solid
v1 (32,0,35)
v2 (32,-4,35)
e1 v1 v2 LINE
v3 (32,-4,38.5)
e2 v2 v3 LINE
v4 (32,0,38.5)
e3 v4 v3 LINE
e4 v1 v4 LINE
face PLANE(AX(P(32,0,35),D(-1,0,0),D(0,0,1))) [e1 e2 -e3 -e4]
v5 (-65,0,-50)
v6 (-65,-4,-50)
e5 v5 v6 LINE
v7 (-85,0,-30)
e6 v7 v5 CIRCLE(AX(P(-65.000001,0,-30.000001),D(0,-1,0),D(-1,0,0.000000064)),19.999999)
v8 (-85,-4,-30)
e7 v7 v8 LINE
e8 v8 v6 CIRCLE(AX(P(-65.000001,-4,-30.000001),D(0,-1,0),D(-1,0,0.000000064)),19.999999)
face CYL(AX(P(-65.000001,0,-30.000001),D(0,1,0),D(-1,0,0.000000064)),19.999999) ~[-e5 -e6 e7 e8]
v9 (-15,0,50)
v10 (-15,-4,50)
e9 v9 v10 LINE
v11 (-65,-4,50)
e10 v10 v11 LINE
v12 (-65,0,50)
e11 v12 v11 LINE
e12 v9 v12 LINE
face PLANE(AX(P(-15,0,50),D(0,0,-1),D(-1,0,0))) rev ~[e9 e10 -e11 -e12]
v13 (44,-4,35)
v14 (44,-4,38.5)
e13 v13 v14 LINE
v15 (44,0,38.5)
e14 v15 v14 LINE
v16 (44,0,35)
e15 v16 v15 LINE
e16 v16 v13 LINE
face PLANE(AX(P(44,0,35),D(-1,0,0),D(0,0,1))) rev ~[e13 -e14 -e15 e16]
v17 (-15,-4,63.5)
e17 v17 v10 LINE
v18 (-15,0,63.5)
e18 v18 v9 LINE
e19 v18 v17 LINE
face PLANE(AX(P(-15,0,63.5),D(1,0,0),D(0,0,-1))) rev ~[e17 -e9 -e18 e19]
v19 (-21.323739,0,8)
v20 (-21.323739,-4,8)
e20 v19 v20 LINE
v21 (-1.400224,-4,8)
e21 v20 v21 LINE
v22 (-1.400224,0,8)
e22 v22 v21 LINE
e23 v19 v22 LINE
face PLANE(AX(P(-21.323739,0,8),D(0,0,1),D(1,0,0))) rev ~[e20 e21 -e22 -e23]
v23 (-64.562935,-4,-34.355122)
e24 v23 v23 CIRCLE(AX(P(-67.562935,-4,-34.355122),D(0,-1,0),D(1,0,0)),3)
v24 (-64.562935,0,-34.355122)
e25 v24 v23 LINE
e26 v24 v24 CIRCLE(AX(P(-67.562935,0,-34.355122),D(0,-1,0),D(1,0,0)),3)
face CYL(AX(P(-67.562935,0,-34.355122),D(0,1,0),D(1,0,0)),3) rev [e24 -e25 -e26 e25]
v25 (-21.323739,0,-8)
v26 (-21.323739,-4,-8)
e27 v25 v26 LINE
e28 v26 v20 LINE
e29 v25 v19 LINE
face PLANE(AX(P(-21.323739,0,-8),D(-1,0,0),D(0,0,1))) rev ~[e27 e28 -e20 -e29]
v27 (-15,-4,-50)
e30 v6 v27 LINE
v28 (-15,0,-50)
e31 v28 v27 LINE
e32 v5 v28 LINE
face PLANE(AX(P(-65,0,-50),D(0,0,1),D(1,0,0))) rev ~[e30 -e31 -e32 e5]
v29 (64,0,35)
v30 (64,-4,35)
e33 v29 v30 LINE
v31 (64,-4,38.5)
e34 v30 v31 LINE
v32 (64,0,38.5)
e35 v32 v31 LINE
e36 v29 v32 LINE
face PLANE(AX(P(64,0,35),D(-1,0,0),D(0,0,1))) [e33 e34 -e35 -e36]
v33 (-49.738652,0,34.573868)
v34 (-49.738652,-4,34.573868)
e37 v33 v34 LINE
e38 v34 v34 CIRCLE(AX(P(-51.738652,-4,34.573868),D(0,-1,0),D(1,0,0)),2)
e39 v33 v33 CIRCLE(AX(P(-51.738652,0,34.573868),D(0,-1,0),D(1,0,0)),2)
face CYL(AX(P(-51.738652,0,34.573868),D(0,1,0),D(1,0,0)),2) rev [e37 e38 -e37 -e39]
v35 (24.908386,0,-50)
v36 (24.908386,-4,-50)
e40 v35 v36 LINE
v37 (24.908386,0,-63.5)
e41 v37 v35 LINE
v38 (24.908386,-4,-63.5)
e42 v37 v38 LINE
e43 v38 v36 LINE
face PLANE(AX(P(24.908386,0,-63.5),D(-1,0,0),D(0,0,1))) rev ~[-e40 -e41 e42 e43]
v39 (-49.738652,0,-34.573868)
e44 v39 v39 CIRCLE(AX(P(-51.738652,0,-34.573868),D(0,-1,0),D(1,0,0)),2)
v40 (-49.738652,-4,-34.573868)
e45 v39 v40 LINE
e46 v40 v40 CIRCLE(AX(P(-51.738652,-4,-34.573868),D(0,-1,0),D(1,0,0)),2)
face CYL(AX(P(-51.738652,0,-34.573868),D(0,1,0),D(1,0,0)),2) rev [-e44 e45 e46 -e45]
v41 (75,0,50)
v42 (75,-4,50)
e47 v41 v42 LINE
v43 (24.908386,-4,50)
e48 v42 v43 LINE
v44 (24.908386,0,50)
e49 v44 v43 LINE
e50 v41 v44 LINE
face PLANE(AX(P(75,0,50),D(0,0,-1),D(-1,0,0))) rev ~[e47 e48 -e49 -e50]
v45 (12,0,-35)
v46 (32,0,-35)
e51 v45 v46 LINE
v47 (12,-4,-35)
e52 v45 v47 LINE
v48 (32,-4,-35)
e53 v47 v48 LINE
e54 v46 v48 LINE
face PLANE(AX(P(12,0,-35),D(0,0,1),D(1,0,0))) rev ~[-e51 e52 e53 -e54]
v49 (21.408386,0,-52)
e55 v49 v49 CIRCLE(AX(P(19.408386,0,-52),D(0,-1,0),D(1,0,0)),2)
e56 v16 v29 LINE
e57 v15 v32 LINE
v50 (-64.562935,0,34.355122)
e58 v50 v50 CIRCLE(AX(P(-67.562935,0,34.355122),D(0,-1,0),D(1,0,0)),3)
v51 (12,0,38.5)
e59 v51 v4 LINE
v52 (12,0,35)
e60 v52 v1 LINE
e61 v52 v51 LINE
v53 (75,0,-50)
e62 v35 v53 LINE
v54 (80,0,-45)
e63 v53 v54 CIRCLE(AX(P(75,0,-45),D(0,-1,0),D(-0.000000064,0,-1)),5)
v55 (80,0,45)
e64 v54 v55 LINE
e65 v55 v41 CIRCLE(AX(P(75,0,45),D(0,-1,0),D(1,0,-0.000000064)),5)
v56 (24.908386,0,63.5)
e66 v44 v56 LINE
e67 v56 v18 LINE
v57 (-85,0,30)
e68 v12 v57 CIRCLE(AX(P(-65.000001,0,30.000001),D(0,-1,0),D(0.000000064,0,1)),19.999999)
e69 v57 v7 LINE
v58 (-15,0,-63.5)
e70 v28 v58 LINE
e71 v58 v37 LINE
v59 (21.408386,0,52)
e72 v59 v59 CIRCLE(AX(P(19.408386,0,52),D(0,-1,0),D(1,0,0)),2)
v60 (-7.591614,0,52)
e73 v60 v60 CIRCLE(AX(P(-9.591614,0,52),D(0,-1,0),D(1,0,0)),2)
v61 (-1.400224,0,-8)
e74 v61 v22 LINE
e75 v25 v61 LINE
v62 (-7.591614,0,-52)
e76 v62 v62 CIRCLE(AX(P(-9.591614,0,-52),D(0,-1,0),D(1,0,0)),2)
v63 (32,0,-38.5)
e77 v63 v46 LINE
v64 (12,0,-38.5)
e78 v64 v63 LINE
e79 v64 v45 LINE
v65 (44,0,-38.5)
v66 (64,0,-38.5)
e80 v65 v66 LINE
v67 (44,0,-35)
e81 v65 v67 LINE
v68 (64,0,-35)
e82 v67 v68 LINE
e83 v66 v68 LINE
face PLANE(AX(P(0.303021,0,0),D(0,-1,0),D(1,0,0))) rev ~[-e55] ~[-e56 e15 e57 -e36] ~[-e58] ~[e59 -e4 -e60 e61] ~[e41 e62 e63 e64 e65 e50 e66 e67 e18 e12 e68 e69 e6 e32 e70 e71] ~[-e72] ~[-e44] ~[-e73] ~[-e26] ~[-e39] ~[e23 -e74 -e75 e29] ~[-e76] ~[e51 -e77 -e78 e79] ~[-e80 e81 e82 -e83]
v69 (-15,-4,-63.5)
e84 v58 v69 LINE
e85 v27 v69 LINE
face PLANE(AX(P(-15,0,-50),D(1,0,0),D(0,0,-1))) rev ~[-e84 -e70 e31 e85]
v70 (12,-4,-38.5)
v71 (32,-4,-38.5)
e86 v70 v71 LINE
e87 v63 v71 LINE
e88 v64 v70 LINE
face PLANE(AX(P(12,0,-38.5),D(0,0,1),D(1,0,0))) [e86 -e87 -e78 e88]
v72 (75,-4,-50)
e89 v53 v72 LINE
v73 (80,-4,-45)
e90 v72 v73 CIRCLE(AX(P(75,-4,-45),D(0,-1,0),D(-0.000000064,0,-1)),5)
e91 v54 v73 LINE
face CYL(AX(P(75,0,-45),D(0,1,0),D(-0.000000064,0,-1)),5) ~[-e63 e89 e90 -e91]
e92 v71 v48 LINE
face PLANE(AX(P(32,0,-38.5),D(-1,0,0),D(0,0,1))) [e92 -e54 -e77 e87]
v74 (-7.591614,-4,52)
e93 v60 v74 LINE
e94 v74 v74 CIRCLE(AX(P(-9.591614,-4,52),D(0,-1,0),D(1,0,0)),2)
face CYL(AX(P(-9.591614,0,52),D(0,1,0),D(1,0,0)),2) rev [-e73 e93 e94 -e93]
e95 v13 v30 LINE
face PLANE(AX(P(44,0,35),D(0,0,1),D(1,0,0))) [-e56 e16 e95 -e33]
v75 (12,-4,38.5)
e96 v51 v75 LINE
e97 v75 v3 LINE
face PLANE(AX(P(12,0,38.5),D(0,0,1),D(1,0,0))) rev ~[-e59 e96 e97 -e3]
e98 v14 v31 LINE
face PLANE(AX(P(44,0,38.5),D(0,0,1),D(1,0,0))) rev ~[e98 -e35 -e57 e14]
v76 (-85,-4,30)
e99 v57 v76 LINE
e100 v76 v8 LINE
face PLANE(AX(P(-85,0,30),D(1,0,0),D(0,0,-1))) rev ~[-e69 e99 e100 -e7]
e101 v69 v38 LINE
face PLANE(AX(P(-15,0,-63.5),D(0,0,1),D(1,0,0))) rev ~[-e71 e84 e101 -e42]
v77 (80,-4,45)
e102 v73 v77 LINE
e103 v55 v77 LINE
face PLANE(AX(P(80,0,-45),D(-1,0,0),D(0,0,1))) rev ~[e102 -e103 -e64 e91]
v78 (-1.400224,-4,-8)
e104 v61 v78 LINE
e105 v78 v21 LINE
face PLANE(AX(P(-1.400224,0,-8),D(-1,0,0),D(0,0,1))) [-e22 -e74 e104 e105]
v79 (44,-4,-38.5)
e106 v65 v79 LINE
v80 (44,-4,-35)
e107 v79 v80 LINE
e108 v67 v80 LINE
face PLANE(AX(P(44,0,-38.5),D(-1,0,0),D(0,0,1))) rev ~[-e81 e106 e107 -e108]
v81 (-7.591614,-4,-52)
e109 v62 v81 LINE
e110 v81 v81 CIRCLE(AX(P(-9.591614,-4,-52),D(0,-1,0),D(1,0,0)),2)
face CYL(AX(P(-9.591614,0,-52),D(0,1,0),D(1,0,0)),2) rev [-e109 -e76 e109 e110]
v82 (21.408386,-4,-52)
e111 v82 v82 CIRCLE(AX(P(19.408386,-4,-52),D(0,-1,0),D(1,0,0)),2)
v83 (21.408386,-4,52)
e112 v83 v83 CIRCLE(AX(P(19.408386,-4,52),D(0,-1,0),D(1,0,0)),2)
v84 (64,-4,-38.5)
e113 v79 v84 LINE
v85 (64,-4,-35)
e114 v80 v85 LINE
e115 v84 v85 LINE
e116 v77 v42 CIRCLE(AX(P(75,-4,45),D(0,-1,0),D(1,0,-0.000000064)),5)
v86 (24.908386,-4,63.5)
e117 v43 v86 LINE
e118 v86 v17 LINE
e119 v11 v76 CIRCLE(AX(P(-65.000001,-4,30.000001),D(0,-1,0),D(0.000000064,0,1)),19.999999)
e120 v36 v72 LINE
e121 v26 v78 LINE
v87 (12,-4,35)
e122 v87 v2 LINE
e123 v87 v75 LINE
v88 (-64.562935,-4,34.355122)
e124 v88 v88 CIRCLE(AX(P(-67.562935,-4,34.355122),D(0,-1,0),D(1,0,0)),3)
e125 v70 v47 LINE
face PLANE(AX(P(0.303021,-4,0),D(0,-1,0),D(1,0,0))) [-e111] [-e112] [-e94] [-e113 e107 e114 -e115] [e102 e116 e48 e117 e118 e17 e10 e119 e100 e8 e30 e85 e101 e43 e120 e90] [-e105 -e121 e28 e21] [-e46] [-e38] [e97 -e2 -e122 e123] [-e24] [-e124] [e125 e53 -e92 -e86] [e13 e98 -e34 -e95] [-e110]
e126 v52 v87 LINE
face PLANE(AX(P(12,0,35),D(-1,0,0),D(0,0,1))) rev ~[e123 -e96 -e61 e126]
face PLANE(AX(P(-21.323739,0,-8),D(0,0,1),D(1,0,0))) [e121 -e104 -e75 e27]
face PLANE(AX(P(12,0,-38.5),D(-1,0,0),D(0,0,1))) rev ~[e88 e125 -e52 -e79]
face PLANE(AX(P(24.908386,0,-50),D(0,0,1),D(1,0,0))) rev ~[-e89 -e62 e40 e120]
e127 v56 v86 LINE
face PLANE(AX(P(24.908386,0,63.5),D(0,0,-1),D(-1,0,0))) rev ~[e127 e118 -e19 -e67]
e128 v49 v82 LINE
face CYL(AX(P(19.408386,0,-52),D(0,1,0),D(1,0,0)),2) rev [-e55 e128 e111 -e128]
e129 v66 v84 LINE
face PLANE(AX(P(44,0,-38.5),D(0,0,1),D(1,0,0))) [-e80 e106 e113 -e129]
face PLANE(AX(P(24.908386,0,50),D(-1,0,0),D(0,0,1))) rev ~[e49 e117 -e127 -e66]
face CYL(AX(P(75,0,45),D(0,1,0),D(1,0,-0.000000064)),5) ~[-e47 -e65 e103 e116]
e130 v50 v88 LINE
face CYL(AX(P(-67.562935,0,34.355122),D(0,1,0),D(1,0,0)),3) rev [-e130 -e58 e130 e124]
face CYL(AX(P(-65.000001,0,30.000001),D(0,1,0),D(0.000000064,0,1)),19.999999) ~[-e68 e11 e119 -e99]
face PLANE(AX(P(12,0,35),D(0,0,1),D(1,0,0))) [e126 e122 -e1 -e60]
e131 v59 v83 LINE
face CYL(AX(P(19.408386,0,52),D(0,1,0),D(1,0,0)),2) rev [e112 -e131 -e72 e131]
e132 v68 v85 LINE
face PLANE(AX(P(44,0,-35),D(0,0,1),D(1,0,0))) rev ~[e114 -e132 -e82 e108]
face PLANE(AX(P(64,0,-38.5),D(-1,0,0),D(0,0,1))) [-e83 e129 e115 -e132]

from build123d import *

# Parameters (mm, degrees)
F0_R     = 3
F0_R_2   = 2
F0_W     = 20
F0_H     = 3.5
F0_W_2   = 19.923515
F0_H_2   = 16
F1_DEPTH = 4


with BuildPart() as f1:
    # F0 (on Front) → F1 (new body)
    with BuildSketch(Plane.XZ):
        with BuildLine():
            Line((80, -45), (80, 45))
            ThreePointArc((80, 45), (78.535534, 48.535534), (75, 50))
            Line((75, 50), (24.908386, 50))
            Line((24.908386, 50), (24.908386, 63.5))
            Line((24.908386, 63.5), (-15, 63.5))
            Line((-15, 63.5), (-15, 50))
            Line((-15, 50), (-65, 50))
            ThreePointArc((-65, 50), (-79.142136, 44.142136), (-85, 30))
            Line((-85, 30), (-85, -30))
            ThreePointArc((-85, -30), (-79.142136, -44.142136), (-65, -50))
            Line((-65, -50), (-15, -50))
            Line((-15, -50), (-15, -63.5))
            Line((-15, -63.5), (24.908386, -63.5))
            Line((24.908386, -63.5), (24.908386, -50))
            Line((24.908386, -50), (75, -50))
            ThreePointArc((75, -50), (78.535534, -48.535534), (80, -45))
        make_face()
        with Locations((-67.562935, -34.355122)):
            Circle(F0_R, mode=Mode.SUBTRACT)
        with Locations((-51.738652, -34.573868)):
            Circle(F0_R_2, mode=Mode.SUBTRACT)
        with Locations((-9.591614, -52)):
            Circle(F0_R_2, mode=Mode.SUBTRACT)
        with Locations((19.408386, -52)):
            Circle(F0_R_2, mode=Mode.SUBTRACT)
        with Locations((22, -36.75)):
            Rectangle(F0_W, F0_H, mode=Mode.SUBTRACT)
        with Locations((54, -36.75)):
            Rectangle(F0_W, F0_H, mode=Mode.SUBTRACT)
        with Locations((-11.361982, 0)):
            Rectangle(F0_W_2, F0_H_2, mode=Mode.SUBTRACT)
        with Locations((-67.562935, 34.355122)):
            Circle(F0_R, mode=Mode.SUBTRACT)
        with Locations((-51.738652, 34.573868)):
            Circle(F0_R_2, mode=Mode.SUBTRACT)
        with Locations((-9.591614, 52)):
            Circle(F0_R_2, mode=Mode.SUBTRACT)
        with Locations((22, 36.75)):
            Rectangle(F0_W, F0_H, mode=Mode.SUBTRACT)
        with Locations((19.408386, 52)):
            Circle(F0_R_2, mode=Mode.SUBTRACT)
        with Locations((54, 36.75)):
            Rectangle(F0_W, F0_H, mode=Mode.SUBTRACT)
    extrude(amount=F1_DEPTH)


solid = f1.part
